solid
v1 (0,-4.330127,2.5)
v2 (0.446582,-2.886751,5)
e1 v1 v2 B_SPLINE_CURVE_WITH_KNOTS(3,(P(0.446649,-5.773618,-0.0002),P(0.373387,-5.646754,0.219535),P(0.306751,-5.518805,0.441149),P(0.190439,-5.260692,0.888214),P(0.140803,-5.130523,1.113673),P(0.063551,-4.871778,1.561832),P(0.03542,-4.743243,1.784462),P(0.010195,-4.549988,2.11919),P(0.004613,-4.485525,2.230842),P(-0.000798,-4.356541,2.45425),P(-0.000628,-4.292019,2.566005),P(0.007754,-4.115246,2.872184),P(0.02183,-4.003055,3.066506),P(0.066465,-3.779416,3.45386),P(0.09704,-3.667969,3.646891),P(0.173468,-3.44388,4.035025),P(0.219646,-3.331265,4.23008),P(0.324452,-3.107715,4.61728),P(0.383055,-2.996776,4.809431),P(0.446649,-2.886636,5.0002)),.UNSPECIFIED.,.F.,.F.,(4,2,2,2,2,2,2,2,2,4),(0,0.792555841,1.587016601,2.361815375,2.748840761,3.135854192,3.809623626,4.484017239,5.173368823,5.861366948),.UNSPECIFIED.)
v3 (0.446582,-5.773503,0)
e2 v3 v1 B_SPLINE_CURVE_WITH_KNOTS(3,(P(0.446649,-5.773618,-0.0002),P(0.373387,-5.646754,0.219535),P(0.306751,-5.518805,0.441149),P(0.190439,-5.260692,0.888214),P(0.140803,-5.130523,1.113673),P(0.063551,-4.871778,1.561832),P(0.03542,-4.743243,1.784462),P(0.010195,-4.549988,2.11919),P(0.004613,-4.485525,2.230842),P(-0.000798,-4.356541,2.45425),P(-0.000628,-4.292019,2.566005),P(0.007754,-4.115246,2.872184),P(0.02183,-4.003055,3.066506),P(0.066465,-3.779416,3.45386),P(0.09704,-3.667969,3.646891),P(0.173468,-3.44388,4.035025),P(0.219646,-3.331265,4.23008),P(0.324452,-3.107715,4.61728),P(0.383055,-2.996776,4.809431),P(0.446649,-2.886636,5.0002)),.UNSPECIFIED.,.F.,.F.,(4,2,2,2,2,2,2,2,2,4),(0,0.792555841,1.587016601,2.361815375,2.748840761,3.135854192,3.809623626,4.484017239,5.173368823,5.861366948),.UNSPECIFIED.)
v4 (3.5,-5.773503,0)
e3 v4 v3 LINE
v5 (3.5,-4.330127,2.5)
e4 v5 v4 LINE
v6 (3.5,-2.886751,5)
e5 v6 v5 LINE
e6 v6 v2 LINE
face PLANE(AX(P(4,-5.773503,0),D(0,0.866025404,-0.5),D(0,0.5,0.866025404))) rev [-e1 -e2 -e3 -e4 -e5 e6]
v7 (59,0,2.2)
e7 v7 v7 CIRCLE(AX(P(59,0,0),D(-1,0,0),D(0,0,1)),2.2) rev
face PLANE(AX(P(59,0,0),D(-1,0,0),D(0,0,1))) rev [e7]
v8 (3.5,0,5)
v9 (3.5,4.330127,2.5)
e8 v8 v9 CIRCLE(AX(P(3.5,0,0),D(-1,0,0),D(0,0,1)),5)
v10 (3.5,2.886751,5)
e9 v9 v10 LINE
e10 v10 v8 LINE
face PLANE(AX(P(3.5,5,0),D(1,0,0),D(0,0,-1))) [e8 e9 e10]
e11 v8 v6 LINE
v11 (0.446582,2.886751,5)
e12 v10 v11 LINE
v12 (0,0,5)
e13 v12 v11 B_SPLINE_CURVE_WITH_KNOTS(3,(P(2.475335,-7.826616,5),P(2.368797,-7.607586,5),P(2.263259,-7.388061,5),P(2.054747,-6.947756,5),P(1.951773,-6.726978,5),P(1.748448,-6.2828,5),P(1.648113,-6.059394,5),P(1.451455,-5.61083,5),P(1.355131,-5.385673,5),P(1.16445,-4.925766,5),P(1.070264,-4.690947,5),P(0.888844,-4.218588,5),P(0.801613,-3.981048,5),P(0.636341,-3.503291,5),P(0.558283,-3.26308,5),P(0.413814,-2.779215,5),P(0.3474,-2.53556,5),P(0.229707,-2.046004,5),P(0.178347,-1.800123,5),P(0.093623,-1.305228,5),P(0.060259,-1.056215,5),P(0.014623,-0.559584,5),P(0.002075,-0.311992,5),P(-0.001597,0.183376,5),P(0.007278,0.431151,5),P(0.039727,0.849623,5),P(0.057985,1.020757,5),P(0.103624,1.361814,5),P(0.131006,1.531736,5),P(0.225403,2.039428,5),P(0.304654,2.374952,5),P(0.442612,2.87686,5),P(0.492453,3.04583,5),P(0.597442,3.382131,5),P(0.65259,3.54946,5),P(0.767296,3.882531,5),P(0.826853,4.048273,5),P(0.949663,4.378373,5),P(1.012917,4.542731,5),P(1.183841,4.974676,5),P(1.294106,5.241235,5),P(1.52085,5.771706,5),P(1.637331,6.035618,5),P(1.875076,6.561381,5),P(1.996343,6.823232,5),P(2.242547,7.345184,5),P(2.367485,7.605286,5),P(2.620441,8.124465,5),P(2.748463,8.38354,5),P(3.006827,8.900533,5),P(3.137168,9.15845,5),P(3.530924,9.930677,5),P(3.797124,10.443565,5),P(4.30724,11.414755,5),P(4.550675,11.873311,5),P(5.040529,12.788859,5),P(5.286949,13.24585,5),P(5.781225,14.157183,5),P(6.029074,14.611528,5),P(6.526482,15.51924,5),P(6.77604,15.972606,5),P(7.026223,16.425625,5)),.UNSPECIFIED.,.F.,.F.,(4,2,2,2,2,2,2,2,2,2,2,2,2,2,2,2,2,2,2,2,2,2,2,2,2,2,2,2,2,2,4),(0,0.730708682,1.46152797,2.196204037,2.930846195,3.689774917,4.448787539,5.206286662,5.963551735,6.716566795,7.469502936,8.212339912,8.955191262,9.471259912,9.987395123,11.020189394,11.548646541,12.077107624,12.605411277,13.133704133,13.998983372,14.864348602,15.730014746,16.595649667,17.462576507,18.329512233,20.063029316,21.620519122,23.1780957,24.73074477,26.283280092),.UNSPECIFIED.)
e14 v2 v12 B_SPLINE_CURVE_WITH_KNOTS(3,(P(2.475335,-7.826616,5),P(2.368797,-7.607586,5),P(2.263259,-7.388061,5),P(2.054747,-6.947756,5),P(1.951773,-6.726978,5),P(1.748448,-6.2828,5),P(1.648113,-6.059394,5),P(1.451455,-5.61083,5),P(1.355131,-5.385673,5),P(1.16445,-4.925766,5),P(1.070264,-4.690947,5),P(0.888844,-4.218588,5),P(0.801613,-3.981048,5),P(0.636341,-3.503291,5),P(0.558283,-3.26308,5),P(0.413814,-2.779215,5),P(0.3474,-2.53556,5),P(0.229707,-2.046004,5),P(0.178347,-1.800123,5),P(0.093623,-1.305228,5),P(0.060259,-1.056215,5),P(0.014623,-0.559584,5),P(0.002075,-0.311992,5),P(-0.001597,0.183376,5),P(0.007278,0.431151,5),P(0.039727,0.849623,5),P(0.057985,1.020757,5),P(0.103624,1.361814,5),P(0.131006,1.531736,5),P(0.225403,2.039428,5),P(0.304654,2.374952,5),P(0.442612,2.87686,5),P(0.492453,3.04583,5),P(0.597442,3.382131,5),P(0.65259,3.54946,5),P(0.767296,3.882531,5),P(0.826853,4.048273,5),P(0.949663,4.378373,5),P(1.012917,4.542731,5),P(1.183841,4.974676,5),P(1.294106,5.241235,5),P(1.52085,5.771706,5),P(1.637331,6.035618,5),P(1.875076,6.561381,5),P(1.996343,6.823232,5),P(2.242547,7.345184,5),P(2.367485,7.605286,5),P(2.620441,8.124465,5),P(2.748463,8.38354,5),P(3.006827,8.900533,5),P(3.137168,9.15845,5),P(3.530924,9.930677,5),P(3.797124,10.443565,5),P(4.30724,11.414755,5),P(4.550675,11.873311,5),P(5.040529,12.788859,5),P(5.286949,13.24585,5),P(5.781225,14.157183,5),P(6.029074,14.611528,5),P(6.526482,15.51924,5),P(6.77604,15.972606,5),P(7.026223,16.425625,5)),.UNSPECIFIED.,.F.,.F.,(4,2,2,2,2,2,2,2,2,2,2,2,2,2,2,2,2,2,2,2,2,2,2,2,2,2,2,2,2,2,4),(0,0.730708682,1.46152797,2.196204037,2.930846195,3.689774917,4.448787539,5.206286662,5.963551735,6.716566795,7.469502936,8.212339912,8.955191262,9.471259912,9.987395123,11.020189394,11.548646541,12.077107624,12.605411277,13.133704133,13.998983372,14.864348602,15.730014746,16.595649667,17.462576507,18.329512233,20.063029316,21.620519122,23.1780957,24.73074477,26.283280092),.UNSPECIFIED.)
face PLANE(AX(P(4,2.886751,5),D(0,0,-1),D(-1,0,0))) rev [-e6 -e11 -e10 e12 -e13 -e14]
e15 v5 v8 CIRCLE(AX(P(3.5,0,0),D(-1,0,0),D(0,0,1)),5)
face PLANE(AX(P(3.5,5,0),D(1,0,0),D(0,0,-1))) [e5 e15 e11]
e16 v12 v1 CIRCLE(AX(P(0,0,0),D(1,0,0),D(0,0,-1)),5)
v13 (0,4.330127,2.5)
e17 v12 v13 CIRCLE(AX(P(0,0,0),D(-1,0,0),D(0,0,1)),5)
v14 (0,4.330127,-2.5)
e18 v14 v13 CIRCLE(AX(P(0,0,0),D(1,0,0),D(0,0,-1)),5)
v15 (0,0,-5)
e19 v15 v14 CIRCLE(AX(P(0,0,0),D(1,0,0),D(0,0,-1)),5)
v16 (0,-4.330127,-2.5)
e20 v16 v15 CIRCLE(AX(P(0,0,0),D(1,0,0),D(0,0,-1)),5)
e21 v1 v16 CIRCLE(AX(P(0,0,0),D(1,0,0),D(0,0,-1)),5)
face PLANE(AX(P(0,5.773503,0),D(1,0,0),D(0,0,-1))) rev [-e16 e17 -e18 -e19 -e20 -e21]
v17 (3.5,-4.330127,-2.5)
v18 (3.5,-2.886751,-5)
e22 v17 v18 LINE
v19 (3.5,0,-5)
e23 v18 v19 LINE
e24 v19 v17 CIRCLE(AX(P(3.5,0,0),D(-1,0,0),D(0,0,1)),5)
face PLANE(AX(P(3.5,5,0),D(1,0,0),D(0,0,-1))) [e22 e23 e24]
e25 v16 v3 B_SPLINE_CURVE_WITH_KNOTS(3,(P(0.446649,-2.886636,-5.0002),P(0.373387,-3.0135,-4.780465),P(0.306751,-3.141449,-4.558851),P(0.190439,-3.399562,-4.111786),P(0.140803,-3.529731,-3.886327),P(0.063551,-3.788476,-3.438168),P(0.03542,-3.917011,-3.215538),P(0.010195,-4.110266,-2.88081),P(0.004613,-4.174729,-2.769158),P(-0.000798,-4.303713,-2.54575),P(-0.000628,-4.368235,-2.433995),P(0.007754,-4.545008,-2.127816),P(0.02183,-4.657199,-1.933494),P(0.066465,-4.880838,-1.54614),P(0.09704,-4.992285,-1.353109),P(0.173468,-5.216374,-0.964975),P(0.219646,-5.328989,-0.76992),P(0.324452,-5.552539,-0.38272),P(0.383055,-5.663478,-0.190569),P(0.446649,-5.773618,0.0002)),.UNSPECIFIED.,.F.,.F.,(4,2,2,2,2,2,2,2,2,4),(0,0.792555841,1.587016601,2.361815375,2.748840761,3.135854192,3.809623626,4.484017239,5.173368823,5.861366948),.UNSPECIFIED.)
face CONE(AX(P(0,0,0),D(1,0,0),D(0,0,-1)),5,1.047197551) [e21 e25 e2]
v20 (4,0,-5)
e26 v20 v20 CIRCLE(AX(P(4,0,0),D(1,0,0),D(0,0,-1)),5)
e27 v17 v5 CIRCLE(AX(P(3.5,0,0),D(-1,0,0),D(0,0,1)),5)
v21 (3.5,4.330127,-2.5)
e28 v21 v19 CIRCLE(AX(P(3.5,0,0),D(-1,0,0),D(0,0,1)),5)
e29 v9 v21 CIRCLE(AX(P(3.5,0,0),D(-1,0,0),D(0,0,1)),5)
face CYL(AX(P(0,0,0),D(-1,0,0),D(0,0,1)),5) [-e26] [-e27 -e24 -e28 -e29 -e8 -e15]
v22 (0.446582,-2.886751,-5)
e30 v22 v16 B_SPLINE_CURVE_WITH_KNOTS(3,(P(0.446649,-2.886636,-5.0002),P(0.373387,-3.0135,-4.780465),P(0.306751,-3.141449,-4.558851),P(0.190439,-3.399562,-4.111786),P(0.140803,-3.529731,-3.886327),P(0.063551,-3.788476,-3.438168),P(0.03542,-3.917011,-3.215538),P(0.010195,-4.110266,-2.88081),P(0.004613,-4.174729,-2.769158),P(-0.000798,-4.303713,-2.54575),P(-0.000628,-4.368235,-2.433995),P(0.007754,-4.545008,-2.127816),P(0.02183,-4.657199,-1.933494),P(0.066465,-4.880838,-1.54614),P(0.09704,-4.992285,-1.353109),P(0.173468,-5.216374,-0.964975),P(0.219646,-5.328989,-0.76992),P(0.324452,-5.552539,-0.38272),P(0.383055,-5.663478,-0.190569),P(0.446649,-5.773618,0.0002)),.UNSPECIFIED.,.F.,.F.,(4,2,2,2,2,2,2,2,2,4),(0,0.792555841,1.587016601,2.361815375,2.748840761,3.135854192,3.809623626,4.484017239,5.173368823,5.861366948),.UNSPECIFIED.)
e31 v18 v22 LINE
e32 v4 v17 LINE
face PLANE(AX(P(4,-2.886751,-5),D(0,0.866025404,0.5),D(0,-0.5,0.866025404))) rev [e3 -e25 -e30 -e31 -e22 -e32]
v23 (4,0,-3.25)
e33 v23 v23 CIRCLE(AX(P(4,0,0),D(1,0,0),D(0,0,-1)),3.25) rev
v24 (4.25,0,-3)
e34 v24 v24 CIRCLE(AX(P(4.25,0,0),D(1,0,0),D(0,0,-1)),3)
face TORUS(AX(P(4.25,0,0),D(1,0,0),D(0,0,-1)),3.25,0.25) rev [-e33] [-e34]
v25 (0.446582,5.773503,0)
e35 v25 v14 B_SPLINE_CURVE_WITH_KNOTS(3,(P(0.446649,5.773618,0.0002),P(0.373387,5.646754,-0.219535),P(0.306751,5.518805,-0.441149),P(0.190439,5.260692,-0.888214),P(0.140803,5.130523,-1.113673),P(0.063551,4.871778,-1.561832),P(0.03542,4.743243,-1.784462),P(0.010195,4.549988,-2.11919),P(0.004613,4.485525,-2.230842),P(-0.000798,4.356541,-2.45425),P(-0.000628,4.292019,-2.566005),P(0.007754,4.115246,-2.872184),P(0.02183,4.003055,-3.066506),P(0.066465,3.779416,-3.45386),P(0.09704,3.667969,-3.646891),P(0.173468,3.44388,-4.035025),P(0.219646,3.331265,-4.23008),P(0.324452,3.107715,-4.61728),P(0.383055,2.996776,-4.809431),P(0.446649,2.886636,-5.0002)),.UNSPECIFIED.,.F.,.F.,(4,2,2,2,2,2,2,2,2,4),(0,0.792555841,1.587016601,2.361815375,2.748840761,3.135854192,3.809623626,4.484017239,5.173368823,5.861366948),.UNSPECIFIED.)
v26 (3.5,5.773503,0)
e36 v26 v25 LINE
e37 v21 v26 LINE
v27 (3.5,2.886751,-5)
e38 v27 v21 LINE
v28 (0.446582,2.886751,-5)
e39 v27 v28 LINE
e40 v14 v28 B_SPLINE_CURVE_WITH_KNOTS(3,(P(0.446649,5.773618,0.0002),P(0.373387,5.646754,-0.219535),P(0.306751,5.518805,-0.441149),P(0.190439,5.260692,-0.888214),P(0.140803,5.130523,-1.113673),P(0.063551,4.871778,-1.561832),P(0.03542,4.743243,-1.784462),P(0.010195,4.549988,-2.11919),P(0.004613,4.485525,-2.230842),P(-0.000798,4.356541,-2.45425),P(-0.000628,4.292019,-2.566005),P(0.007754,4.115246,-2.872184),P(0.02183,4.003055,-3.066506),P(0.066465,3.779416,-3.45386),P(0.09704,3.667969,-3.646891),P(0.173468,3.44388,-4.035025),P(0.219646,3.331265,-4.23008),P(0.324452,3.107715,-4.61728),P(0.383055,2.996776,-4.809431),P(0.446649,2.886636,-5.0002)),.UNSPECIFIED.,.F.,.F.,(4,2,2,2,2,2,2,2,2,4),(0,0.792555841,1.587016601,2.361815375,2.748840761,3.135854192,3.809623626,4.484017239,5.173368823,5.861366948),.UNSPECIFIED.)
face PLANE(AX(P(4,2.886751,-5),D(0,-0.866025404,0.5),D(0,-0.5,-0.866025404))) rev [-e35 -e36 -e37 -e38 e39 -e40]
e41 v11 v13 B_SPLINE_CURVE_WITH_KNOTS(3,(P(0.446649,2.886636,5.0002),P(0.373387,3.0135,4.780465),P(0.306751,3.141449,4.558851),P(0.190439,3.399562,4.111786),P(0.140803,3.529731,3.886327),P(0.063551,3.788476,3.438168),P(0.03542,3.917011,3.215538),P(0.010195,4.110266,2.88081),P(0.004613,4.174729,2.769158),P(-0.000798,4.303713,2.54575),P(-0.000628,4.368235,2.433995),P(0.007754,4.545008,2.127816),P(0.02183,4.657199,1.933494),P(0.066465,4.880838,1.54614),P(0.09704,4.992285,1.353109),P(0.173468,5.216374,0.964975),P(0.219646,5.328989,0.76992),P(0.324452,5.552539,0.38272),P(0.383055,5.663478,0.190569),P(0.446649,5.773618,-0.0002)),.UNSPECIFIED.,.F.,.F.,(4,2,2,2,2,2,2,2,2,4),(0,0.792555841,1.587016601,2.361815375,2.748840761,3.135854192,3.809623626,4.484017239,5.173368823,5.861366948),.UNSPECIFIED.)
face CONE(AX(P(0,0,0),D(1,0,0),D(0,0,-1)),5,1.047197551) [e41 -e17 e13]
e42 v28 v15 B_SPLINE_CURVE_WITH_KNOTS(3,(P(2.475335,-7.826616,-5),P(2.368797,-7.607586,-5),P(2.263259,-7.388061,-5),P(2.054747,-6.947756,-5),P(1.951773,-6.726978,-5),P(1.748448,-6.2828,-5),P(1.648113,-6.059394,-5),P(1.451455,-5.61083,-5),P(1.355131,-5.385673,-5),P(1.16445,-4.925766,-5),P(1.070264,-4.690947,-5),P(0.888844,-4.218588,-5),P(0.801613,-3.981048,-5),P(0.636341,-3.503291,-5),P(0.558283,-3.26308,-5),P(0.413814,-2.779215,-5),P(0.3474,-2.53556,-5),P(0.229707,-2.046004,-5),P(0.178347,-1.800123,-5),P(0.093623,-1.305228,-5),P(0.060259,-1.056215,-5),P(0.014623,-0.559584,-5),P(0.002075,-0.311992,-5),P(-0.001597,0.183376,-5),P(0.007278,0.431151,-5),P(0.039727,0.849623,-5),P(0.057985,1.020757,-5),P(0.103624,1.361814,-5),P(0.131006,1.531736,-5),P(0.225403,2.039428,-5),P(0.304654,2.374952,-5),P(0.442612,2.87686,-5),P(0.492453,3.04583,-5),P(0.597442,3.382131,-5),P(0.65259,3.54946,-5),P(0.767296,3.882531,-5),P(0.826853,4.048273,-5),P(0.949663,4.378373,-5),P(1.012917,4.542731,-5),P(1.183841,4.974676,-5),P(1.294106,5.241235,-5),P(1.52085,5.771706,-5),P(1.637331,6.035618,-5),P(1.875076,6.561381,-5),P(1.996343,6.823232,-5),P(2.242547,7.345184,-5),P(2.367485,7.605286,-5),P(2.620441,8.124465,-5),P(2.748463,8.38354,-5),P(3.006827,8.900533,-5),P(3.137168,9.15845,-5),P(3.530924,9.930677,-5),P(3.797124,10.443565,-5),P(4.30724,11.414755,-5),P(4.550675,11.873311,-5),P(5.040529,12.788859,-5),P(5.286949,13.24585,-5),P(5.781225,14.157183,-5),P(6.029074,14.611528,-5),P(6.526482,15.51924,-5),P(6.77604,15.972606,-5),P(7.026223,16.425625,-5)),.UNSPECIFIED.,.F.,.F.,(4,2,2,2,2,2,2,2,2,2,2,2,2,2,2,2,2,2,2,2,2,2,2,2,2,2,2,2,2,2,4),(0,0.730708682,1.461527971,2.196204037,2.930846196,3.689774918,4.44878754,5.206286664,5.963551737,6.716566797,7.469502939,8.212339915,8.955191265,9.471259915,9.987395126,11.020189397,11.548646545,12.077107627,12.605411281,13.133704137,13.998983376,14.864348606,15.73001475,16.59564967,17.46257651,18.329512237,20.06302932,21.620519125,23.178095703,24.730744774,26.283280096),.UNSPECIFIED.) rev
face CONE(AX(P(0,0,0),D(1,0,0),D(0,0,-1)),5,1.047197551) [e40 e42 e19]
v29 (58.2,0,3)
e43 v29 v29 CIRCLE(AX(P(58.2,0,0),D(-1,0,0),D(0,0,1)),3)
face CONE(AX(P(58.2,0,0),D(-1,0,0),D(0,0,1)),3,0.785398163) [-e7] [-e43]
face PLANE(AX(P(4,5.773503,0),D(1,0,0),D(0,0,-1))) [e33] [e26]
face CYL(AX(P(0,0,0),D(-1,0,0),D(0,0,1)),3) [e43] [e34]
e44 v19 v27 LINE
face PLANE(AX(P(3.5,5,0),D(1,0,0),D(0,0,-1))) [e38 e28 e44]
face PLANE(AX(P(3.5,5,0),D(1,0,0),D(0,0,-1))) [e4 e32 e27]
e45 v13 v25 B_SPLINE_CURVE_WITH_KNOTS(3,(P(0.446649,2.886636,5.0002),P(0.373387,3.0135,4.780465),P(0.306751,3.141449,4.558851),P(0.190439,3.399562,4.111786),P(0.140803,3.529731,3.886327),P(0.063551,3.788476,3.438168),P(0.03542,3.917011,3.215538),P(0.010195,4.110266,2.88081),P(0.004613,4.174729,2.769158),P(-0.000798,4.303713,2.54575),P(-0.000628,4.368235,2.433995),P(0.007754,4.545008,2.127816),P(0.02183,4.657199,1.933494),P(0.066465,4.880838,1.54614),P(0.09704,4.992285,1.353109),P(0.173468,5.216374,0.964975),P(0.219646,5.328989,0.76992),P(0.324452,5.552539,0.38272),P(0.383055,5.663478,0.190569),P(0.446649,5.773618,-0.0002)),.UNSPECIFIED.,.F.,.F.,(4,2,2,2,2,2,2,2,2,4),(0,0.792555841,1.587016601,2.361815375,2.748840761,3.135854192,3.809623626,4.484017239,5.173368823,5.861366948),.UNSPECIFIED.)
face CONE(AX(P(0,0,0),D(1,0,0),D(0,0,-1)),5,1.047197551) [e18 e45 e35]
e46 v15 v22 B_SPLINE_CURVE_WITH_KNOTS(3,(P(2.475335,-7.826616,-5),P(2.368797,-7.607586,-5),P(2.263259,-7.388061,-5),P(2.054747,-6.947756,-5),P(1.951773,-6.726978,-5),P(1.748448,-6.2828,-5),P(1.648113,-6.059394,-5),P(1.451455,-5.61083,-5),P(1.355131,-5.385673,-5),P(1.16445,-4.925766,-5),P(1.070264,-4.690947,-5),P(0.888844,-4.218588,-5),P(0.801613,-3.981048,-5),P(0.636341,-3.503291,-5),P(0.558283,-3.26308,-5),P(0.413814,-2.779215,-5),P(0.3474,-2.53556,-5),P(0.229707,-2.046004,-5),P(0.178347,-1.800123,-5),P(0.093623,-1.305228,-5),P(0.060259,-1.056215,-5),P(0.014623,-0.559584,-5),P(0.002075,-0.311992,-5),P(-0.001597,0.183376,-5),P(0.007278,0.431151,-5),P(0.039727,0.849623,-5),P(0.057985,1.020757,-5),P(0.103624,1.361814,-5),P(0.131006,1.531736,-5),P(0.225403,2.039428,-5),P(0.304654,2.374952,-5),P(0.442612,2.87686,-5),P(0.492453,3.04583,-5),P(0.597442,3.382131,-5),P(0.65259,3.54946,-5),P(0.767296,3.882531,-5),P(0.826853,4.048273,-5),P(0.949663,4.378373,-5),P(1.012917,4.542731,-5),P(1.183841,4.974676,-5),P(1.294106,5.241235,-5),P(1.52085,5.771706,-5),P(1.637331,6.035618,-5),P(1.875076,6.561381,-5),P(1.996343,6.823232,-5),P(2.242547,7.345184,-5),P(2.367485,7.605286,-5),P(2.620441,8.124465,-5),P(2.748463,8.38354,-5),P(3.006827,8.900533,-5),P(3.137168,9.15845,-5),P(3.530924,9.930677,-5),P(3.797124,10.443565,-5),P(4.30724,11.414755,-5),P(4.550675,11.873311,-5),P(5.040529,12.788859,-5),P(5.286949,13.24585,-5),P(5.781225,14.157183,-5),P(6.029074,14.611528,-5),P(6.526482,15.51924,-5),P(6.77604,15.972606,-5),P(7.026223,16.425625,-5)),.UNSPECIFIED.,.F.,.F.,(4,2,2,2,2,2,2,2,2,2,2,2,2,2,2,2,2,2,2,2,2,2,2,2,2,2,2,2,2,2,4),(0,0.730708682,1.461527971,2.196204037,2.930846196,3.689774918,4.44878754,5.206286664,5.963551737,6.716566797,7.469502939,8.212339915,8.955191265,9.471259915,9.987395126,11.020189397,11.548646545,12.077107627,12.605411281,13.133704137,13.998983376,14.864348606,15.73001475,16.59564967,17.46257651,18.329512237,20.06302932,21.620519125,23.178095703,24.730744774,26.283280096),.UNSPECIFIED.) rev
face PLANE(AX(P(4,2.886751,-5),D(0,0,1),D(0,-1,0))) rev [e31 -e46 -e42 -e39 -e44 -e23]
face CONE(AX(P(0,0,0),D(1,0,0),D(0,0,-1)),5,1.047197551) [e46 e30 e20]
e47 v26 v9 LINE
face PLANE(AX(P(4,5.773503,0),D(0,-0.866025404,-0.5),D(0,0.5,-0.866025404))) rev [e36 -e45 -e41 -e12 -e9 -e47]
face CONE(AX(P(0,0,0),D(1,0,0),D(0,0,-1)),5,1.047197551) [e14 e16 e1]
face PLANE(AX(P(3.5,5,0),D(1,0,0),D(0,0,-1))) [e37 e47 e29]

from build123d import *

# Parameters (mm, degrees)
EXTRUDE_370_DEPTH = 4
SKETCH_4_W        = 0.5
SKETCH_4_H        = 10.773502692
CHAMFER_2030_SIZE = 0.8
FILLET_2072_R     = 0.25


with BuildPart() as part:
    # 草图1 → Extrude 370 (new body)
    with BuildSketch(Plane(origin=(0, 0, 0), x_dir=(0, 0, -1), z_dir=(1, 0, 0))):
        Polygon((5, 2.886751346), (5, -2.886751346), (0, -5.773502692), (-5, -2.886751346), (-5, 2.886751346), (0, 5.773502692), align=None)
    extrude(amount=EXTRUDE_370_DEPTH)

    # 草图2 → 凸台-旋转1 (revolve)
    with BuildSketch(Plane.XY, mode=Mode.PRIVATE) as revolve_1_sk:
        Polygon((0, 0), (59, 0), (59, 2.134), (59, 3), (27.8072, 3), (0, 3), align=None)
    revolve(revolve_1_sk.sketch.rotate(Axis((0, 0, 0), (1, 0, 0)), 90), axis=Axis((0, 0, 0), (1, 0, 0)))

    # 草图3 → 切除-旋转1 (revolve, cut)
    with BuildSketch(Plane.XY):
        Polygon((0, 5), (3.333333333, 10.773502692), (3.333333333, 15.773502692), (-10, 15.773502692), (-10, 5), align=None)
    revolve(axis=Axis((0, 0, 0), (1, 0, 0)), mode=Mode.SUBTRACT)

    # 草图5 → 切除-旋转2 (revolve, cut)
    with BuildSketch(Plane.XY):
        Polygon((4, 5), (0.666666667, 10.773502692), (0.666666667, 15.773502692), (10.666666667, 15.773502692), (10.666666667, 5), align=None)
    revolve(axis=Axis((0, 0, 0), (1, 0, 0)), mode=Mode.SUBTRACT)

    # 草图4 → 切除-旋转3 (revolve, cut)
    with BuildSketch(Plane.XY, mode=Mode.PRIVATE) as cut_revolve_3_sk:
        with Locations((3.75, 10.386751346)):
            Rectangle(SKETCH_4_W, SKETCH_4_H)
    revolve(cut_revolve_3_sk.sketch.rotate(Axis((0, 0, 0), (1, 0, 0)), 270), axis=Axis((0, 0, 0), (1, 0, 0)), mode=Mode.SUBTRACT)

    # Chamfer 2030
    chamfer_2030_edges = [part.edges().sort_by_distance(p)[0] for p in [
        (59, 0, -3),
    ]]
    chamfer(chamfer_2030_edges, length=CHAMFER_2030_SIZE)

    # Fillet 2072
    fillet_2072_edges = [part.edges().sort_by_distance(p)[0] for p in [
        (4, 0, -3),
    ]]
    fillet(fillet_2072_edges, radius=FILLET_2072_R)


solid = part.part
